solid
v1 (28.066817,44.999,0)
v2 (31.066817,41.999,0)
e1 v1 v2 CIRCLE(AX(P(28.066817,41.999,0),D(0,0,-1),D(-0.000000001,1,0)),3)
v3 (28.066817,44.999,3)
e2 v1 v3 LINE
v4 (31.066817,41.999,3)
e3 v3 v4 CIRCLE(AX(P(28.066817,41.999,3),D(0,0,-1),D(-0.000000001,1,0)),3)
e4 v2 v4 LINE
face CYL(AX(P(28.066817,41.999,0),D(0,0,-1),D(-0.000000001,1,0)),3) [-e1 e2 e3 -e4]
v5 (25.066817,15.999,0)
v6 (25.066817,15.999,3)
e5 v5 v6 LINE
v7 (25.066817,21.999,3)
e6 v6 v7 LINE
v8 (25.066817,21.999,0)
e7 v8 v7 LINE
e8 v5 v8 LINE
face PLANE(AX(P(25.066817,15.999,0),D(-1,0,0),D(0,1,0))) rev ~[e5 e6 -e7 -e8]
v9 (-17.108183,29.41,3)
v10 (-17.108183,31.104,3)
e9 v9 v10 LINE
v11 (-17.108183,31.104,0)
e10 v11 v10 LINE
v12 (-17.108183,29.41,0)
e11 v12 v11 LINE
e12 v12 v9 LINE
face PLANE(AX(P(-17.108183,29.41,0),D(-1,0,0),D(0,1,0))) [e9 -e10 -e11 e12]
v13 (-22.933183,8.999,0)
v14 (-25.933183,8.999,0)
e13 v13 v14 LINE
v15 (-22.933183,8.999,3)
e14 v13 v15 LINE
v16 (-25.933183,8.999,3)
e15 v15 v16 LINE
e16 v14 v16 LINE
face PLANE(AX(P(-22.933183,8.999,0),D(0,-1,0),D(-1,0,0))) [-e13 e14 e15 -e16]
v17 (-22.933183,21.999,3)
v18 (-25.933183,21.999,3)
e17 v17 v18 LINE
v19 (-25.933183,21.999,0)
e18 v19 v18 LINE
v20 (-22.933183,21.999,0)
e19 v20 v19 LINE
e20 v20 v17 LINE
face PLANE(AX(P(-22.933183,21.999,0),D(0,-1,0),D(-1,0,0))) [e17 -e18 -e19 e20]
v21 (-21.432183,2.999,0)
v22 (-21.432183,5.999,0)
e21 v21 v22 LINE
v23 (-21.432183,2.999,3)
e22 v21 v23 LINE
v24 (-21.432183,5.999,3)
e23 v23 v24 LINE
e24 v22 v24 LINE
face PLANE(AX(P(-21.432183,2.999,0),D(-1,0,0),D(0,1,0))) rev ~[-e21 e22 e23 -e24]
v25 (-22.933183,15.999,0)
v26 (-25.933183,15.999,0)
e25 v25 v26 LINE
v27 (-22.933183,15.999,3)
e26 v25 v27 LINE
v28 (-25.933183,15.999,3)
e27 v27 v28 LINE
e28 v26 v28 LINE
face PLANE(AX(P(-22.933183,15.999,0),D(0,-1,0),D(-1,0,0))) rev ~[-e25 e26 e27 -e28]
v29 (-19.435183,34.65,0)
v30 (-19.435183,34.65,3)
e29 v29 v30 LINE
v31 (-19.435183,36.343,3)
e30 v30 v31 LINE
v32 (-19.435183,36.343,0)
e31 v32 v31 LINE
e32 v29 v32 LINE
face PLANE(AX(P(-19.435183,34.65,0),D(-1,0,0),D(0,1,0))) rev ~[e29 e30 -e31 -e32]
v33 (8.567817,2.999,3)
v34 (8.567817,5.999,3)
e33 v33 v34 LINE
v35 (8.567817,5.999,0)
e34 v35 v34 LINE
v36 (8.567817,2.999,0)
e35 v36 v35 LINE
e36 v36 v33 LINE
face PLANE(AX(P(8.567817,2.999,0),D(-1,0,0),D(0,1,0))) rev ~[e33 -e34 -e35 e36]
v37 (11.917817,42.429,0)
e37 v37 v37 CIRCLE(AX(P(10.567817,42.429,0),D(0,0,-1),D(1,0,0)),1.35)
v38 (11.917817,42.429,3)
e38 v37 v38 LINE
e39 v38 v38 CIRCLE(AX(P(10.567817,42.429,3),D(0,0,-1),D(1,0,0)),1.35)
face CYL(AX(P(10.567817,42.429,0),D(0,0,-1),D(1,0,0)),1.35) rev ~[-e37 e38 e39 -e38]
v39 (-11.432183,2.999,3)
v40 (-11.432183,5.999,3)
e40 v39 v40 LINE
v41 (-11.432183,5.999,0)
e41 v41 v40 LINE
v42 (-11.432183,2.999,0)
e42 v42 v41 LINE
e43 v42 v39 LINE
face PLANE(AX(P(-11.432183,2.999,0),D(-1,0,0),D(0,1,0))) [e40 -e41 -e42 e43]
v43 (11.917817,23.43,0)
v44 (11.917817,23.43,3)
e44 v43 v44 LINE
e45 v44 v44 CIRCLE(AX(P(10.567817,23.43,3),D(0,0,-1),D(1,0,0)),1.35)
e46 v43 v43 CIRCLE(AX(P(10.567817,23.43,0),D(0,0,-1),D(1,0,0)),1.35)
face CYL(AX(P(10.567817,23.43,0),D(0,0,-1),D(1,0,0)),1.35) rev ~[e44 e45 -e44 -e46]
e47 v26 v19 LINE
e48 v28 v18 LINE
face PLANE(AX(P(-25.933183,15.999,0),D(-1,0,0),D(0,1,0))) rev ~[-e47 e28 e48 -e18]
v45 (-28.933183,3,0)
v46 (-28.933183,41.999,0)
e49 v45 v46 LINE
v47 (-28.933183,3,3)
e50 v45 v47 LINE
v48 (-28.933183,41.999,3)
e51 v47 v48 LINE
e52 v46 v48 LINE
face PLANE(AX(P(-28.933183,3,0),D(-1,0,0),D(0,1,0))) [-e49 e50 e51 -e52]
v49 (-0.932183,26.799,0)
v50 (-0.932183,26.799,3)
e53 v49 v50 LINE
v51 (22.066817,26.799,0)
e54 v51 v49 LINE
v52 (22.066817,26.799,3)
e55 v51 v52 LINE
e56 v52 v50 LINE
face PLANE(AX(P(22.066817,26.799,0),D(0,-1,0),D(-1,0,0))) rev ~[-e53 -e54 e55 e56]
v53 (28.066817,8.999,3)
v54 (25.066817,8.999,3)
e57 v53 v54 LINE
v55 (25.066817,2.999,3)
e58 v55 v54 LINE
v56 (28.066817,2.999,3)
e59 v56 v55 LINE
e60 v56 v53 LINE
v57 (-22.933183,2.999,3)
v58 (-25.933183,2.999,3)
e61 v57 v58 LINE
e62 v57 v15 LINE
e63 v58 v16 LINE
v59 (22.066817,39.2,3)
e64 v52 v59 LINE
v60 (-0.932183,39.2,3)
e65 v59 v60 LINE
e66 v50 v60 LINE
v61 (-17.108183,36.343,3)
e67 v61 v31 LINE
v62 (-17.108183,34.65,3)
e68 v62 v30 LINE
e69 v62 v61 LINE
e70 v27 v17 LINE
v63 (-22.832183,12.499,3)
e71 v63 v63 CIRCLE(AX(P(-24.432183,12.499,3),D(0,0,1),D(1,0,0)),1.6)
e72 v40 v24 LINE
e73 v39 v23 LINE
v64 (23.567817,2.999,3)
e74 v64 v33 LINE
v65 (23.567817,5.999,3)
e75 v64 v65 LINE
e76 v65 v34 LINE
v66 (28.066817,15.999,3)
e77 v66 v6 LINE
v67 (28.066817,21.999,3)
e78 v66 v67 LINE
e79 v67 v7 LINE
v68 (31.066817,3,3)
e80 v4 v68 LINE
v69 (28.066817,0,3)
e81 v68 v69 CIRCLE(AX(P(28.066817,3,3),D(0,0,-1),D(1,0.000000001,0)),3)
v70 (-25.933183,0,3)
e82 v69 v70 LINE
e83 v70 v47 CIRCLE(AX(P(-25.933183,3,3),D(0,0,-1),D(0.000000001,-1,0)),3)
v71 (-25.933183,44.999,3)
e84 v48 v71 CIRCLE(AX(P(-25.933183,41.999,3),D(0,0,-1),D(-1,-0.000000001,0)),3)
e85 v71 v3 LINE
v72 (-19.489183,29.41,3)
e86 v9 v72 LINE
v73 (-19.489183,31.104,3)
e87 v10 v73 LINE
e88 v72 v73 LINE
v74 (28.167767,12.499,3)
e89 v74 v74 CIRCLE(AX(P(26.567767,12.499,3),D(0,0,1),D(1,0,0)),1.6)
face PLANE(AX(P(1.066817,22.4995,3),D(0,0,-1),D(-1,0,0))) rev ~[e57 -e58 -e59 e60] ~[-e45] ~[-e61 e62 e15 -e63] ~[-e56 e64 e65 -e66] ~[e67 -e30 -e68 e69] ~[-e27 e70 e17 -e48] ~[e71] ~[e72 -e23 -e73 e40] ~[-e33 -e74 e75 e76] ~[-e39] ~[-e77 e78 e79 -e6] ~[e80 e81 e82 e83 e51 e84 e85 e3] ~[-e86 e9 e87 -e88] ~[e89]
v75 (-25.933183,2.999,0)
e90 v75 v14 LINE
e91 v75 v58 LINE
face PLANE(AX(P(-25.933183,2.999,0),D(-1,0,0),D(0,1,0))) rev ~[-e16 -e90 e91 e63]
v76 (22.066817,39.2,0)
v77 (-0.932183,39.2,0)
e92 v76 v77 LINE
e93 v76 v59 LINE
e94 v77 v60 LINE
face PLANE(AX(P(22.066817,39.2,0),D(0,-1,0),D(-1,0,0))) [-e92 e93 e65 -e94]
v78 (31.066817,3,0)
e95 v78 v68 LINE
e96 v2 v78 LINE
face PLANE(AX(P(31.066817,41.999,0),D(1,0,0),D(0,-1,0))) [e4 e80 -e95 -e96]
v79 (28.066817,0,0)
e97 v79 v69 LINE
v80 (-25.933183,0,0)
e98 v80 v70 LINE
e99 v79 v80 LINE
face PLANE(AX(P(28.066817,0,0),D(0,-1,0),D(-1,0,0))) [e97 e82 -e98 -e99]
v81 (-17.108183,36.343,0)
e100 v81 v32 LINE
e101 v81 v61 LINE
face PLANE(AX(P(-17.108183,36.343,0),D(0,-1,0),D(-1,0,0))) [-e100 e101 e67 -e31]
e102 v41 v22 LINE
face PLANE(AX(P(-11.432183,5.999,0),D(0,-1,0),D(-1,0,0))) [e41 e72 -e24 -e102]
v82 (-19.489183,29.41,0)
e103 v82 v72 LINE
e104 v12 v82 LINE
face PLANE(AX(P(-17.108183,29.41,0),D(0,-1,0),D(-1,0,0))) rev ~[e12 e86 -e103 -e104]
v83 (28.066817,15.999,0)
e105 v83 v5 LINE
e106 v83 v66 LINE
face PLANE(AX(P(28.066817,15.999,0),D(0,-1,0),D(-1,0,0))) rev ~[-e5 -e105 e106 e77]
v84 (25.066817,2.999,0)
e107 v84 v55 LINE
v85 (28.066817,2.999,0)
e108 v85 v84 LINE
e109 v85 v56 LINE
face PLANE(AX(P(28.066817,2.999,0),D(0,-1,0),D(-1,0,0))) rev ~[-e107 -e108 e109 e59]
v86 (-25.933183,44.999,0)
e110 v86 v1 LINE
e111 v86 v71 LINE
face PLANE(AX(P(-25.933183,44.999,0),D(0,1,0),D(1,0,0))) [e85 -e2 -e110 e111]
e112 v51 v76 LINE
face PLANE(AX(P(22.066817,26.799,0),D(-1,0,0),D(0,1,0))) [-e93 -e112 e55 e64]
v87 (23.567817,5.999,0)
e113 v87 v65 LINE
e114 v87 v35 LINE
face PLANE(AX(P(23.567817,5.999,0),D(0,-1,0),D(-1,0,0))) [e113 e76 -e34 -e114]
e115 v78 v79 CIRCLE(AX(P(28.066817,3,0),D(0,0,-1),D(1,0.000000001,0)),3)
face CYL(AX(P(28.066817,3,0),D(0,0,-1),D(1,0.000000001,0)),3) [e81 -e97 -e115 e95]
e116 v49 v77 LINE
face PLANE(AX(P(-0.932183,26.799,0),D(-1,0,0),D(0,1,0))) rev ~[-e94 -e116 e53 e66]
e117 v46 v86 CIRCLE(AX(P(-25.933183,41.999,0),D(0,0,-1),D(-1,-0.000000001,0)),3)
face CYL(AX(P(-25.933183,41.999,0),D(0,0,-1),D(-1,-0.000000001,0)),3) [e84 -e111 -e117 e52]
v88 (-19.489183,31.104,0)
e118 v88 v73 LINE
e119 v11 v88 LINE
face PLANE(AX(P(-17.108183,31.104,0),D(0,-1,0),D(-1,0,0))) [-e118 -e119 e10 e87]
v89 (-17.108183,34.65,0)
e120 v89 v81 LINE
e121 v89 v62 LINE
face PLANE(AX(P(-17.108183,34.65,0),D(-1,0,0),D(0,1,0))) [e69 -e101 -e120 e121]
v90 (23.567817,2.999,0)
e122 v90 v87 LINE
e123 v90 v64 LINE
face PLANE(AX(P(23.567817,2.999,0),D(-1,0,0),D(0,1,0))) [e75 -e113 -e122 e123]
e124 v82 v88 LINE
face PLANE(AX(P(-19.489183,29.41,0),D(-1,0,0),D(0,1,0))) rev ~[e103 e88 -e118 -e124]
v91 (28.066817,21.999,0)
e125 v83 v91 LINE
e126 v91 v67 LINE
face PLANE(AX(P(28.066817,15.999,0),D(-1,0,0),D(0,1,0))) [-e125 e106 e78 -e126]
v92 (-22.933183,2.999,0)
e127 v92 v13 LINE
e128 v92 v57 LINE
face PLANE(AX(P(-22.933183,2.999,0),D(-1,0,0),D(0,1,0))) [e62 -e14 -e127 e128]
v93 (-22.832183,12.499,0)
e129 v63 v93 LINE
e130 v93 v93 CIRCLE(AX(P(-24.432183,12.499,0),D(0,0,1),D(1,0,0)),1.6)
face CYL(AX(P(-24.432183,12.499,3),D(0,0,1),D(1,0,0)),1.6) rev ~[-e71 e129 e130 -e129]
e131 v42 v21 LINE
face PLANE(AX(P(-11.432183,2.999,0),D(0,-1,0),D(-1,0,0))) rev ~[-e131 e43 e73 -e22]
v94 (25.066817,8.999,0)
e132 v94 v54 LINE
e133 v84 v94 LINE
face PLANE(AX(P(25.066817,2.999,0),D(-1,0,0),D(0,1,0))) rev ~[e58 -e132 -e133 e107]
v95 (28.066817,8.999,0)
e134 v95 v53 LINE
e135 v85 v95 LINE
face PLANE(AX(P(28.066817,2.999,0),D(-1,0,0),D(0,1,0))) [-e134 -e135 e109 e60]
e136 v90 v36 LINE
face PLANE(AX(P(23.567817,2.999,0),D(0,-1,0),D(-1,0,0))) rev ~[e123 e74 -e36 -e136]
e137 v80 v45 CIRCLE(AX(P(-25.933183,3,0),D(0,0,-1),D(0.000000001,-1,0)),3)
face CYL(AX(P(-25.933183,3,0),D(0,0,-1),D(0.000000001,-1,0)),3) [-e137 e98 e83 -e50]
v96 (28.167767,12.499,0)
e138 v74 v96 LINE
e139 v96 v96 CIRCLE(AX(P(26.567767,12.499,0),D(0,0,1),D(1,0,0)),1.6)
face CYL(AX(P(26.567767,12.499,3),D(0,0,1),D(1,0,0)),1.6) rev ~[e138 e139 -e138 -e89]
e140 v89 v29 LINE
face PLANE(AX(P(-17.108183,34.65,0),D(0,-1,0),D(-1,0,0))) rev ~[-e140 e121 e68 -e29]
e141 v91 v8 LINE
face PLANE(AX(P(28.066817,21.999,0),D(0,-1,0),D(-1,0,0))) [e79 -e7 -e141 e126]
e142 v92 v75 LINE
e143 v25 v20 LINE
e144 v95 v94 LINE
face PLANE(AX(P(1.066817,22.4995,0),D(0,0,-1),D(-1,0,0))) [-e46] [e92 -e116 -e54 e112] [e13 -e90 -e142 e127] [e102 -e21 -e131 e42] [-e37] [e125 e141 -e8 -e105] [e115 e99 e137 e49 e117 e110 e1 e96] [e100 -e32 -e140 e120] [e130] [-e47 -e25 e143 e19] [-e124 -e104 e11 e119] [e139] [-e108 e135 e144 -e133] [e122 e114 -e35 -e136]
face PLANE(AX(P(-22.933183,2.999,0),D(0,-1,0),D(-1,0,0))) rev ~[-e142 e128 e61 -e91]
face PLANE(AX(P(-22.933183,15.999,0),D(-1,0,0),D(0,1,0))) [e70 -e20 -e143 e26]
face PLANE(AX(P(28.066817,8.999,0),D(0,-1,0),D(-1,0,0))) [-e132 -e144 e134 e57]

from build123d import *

# Parameters (mm, degrees)
SKETCH_1_R          = 1.35
SKETCH_1_W          = 10
SKETCH_1_H          = 3
SKETCH_1_W_2        = 3
SKETCH_1_H_2        = 6
SKETCH_1_W_3        = 2.381
SKETCH_1_H_3        = 1.694
SKETCH_1_W_4        = 2.327
SKETCH_1_H_4        = 1.693
SKETCH_1_W_5        = 22.999
SKETCH_1_H_5        = 12.401
SKETCH_1_W_6        = 15
EXTRUDE_1_DEPTH     = 3
SKETCH_2_R          = 1.6
CUT_EXTRUDE_1_DEPTH = 55.763647529


with BuildPart() as part:
    # 草图1 → 凸台-拉伸1 (new body)
    with BuildSketch(Plane(origin=(0, 0, 0), x_dir=(-1, 0, 0), z_dir=(0, 0, -1))):
        with BuildLine():
            Line((28.933183464, 3), (28.933183464, 41.999))
            ThreePointArc((28.933183464, 41.999), (28.054503808, 44.120320344), (25.933183464, 44.999))
            Line((25.933183464, 44.999), (-28.066816536, 44.999))
            ThreePointArc((-28.066816536, 44.999), (-30.18813688, 44.120320344), (-31.066816536, 41.999))
            Line((-31.066816536, 41.999), (-31.066816536, 3))
            ThreePointArc((-31.066816536, 3), (-30.18813688, 0.878679656), (-28.066816536, 0))
            Line((-28.066816536, 0), (25.933183464, 0))
            ThreePointArc((25.933183464, 0), (28.054503808, 0.878679656), (28.933183464, 3))
        make_face()
        with Locations(Location((-26.567767322, 12.499, 0), (0, 0, 180))):
            Circle(SKETCH_1_R, mode=Mode.SUBTRACT)
        with Locations(Location((-10.567816536, 23.43, 0), (0, 0, 180))):
            Circle(SKETCH_1_R, mode=Mode.SUBTRACT)
        with Locations(Location((24.432183464, 12.499, 0), (0, 0, 180))):
            Circle(SKETCH_1_R, mode=Mode.SUBTRACT)
        with Locations(Location((-10.567816536, 42.429, 0), (0, 0, 180))):
            Circle(SKETCH_1_R, mode=Mode.SUBTRACT)
        with Locations((16.432183464, 4.499)):
            Rectangle(SKETCH_1_W, SKETCH_1_H, mode=Mode.SUBTRACT)
        with Locations((24.433183464, 5.999)):
            Rectangle(SKETCH_1_W_2, SKETCH_1_H_2, mode=Mode.SUBTRACT)
        with Locations((24.433183464, 18.999)):
            Rectangle(SKETCH_1_W_2, SKETCH_1_H_2, mode=Mode.SUBTRACT)
        with Locations((18.298683464, 30.257)):
            Rectangle(SKETCH_1_W_3, SKETCH_1_H_3, mode=Mode.SUBTRACT)
        with Locations((18.271683464, 35.4965)):
            Rectangle(SKETCH_1_W_4, SKETCH_1_H_4, mode=Mode.SUBTRACT)
        with Locations((-10.567316536, 32.9995)):
            Rectangle(SKETCH_1_W_5, SKETCH_1_H_5, mode=Mode.SUBTRACT)
        with Locations((-16.067816536, 4.499)):
            Rectangle(SKETCH_1_W_6, SKETCH_1_H, mode=Mode.SUBTRACT)
        with Locations((-26.566816536, 5.999)):
            Rectangle(SKETCH_1_W_2, SKETCH_1_H_2, mode=Mode.SUBTRACT)
        with Locations((-26.566816536, 18.999)):
            Rectangle(SKETCH_1_W_2, SKETCH_1_H_2, mode=Mode.SUBTRACT)
    extrude(amount=-EXTRUDE_1_DEPTH)

    # 草图2 → 切除-拉伸1 (cut, through all)
    with BuildSketch(Plane.XY.offset(3)):
        with Locations((-24.432183464, 12.499)):
            Circle(SKETCH_2_R)
        with Locations((26.567767322, 12.499)):
            Circle(SKETCH_2_R)
    extrude(amount=-CUT_EXTRUDE_1_DEPTH, mode=Mode.SUBTRACT)


solid = part.part
